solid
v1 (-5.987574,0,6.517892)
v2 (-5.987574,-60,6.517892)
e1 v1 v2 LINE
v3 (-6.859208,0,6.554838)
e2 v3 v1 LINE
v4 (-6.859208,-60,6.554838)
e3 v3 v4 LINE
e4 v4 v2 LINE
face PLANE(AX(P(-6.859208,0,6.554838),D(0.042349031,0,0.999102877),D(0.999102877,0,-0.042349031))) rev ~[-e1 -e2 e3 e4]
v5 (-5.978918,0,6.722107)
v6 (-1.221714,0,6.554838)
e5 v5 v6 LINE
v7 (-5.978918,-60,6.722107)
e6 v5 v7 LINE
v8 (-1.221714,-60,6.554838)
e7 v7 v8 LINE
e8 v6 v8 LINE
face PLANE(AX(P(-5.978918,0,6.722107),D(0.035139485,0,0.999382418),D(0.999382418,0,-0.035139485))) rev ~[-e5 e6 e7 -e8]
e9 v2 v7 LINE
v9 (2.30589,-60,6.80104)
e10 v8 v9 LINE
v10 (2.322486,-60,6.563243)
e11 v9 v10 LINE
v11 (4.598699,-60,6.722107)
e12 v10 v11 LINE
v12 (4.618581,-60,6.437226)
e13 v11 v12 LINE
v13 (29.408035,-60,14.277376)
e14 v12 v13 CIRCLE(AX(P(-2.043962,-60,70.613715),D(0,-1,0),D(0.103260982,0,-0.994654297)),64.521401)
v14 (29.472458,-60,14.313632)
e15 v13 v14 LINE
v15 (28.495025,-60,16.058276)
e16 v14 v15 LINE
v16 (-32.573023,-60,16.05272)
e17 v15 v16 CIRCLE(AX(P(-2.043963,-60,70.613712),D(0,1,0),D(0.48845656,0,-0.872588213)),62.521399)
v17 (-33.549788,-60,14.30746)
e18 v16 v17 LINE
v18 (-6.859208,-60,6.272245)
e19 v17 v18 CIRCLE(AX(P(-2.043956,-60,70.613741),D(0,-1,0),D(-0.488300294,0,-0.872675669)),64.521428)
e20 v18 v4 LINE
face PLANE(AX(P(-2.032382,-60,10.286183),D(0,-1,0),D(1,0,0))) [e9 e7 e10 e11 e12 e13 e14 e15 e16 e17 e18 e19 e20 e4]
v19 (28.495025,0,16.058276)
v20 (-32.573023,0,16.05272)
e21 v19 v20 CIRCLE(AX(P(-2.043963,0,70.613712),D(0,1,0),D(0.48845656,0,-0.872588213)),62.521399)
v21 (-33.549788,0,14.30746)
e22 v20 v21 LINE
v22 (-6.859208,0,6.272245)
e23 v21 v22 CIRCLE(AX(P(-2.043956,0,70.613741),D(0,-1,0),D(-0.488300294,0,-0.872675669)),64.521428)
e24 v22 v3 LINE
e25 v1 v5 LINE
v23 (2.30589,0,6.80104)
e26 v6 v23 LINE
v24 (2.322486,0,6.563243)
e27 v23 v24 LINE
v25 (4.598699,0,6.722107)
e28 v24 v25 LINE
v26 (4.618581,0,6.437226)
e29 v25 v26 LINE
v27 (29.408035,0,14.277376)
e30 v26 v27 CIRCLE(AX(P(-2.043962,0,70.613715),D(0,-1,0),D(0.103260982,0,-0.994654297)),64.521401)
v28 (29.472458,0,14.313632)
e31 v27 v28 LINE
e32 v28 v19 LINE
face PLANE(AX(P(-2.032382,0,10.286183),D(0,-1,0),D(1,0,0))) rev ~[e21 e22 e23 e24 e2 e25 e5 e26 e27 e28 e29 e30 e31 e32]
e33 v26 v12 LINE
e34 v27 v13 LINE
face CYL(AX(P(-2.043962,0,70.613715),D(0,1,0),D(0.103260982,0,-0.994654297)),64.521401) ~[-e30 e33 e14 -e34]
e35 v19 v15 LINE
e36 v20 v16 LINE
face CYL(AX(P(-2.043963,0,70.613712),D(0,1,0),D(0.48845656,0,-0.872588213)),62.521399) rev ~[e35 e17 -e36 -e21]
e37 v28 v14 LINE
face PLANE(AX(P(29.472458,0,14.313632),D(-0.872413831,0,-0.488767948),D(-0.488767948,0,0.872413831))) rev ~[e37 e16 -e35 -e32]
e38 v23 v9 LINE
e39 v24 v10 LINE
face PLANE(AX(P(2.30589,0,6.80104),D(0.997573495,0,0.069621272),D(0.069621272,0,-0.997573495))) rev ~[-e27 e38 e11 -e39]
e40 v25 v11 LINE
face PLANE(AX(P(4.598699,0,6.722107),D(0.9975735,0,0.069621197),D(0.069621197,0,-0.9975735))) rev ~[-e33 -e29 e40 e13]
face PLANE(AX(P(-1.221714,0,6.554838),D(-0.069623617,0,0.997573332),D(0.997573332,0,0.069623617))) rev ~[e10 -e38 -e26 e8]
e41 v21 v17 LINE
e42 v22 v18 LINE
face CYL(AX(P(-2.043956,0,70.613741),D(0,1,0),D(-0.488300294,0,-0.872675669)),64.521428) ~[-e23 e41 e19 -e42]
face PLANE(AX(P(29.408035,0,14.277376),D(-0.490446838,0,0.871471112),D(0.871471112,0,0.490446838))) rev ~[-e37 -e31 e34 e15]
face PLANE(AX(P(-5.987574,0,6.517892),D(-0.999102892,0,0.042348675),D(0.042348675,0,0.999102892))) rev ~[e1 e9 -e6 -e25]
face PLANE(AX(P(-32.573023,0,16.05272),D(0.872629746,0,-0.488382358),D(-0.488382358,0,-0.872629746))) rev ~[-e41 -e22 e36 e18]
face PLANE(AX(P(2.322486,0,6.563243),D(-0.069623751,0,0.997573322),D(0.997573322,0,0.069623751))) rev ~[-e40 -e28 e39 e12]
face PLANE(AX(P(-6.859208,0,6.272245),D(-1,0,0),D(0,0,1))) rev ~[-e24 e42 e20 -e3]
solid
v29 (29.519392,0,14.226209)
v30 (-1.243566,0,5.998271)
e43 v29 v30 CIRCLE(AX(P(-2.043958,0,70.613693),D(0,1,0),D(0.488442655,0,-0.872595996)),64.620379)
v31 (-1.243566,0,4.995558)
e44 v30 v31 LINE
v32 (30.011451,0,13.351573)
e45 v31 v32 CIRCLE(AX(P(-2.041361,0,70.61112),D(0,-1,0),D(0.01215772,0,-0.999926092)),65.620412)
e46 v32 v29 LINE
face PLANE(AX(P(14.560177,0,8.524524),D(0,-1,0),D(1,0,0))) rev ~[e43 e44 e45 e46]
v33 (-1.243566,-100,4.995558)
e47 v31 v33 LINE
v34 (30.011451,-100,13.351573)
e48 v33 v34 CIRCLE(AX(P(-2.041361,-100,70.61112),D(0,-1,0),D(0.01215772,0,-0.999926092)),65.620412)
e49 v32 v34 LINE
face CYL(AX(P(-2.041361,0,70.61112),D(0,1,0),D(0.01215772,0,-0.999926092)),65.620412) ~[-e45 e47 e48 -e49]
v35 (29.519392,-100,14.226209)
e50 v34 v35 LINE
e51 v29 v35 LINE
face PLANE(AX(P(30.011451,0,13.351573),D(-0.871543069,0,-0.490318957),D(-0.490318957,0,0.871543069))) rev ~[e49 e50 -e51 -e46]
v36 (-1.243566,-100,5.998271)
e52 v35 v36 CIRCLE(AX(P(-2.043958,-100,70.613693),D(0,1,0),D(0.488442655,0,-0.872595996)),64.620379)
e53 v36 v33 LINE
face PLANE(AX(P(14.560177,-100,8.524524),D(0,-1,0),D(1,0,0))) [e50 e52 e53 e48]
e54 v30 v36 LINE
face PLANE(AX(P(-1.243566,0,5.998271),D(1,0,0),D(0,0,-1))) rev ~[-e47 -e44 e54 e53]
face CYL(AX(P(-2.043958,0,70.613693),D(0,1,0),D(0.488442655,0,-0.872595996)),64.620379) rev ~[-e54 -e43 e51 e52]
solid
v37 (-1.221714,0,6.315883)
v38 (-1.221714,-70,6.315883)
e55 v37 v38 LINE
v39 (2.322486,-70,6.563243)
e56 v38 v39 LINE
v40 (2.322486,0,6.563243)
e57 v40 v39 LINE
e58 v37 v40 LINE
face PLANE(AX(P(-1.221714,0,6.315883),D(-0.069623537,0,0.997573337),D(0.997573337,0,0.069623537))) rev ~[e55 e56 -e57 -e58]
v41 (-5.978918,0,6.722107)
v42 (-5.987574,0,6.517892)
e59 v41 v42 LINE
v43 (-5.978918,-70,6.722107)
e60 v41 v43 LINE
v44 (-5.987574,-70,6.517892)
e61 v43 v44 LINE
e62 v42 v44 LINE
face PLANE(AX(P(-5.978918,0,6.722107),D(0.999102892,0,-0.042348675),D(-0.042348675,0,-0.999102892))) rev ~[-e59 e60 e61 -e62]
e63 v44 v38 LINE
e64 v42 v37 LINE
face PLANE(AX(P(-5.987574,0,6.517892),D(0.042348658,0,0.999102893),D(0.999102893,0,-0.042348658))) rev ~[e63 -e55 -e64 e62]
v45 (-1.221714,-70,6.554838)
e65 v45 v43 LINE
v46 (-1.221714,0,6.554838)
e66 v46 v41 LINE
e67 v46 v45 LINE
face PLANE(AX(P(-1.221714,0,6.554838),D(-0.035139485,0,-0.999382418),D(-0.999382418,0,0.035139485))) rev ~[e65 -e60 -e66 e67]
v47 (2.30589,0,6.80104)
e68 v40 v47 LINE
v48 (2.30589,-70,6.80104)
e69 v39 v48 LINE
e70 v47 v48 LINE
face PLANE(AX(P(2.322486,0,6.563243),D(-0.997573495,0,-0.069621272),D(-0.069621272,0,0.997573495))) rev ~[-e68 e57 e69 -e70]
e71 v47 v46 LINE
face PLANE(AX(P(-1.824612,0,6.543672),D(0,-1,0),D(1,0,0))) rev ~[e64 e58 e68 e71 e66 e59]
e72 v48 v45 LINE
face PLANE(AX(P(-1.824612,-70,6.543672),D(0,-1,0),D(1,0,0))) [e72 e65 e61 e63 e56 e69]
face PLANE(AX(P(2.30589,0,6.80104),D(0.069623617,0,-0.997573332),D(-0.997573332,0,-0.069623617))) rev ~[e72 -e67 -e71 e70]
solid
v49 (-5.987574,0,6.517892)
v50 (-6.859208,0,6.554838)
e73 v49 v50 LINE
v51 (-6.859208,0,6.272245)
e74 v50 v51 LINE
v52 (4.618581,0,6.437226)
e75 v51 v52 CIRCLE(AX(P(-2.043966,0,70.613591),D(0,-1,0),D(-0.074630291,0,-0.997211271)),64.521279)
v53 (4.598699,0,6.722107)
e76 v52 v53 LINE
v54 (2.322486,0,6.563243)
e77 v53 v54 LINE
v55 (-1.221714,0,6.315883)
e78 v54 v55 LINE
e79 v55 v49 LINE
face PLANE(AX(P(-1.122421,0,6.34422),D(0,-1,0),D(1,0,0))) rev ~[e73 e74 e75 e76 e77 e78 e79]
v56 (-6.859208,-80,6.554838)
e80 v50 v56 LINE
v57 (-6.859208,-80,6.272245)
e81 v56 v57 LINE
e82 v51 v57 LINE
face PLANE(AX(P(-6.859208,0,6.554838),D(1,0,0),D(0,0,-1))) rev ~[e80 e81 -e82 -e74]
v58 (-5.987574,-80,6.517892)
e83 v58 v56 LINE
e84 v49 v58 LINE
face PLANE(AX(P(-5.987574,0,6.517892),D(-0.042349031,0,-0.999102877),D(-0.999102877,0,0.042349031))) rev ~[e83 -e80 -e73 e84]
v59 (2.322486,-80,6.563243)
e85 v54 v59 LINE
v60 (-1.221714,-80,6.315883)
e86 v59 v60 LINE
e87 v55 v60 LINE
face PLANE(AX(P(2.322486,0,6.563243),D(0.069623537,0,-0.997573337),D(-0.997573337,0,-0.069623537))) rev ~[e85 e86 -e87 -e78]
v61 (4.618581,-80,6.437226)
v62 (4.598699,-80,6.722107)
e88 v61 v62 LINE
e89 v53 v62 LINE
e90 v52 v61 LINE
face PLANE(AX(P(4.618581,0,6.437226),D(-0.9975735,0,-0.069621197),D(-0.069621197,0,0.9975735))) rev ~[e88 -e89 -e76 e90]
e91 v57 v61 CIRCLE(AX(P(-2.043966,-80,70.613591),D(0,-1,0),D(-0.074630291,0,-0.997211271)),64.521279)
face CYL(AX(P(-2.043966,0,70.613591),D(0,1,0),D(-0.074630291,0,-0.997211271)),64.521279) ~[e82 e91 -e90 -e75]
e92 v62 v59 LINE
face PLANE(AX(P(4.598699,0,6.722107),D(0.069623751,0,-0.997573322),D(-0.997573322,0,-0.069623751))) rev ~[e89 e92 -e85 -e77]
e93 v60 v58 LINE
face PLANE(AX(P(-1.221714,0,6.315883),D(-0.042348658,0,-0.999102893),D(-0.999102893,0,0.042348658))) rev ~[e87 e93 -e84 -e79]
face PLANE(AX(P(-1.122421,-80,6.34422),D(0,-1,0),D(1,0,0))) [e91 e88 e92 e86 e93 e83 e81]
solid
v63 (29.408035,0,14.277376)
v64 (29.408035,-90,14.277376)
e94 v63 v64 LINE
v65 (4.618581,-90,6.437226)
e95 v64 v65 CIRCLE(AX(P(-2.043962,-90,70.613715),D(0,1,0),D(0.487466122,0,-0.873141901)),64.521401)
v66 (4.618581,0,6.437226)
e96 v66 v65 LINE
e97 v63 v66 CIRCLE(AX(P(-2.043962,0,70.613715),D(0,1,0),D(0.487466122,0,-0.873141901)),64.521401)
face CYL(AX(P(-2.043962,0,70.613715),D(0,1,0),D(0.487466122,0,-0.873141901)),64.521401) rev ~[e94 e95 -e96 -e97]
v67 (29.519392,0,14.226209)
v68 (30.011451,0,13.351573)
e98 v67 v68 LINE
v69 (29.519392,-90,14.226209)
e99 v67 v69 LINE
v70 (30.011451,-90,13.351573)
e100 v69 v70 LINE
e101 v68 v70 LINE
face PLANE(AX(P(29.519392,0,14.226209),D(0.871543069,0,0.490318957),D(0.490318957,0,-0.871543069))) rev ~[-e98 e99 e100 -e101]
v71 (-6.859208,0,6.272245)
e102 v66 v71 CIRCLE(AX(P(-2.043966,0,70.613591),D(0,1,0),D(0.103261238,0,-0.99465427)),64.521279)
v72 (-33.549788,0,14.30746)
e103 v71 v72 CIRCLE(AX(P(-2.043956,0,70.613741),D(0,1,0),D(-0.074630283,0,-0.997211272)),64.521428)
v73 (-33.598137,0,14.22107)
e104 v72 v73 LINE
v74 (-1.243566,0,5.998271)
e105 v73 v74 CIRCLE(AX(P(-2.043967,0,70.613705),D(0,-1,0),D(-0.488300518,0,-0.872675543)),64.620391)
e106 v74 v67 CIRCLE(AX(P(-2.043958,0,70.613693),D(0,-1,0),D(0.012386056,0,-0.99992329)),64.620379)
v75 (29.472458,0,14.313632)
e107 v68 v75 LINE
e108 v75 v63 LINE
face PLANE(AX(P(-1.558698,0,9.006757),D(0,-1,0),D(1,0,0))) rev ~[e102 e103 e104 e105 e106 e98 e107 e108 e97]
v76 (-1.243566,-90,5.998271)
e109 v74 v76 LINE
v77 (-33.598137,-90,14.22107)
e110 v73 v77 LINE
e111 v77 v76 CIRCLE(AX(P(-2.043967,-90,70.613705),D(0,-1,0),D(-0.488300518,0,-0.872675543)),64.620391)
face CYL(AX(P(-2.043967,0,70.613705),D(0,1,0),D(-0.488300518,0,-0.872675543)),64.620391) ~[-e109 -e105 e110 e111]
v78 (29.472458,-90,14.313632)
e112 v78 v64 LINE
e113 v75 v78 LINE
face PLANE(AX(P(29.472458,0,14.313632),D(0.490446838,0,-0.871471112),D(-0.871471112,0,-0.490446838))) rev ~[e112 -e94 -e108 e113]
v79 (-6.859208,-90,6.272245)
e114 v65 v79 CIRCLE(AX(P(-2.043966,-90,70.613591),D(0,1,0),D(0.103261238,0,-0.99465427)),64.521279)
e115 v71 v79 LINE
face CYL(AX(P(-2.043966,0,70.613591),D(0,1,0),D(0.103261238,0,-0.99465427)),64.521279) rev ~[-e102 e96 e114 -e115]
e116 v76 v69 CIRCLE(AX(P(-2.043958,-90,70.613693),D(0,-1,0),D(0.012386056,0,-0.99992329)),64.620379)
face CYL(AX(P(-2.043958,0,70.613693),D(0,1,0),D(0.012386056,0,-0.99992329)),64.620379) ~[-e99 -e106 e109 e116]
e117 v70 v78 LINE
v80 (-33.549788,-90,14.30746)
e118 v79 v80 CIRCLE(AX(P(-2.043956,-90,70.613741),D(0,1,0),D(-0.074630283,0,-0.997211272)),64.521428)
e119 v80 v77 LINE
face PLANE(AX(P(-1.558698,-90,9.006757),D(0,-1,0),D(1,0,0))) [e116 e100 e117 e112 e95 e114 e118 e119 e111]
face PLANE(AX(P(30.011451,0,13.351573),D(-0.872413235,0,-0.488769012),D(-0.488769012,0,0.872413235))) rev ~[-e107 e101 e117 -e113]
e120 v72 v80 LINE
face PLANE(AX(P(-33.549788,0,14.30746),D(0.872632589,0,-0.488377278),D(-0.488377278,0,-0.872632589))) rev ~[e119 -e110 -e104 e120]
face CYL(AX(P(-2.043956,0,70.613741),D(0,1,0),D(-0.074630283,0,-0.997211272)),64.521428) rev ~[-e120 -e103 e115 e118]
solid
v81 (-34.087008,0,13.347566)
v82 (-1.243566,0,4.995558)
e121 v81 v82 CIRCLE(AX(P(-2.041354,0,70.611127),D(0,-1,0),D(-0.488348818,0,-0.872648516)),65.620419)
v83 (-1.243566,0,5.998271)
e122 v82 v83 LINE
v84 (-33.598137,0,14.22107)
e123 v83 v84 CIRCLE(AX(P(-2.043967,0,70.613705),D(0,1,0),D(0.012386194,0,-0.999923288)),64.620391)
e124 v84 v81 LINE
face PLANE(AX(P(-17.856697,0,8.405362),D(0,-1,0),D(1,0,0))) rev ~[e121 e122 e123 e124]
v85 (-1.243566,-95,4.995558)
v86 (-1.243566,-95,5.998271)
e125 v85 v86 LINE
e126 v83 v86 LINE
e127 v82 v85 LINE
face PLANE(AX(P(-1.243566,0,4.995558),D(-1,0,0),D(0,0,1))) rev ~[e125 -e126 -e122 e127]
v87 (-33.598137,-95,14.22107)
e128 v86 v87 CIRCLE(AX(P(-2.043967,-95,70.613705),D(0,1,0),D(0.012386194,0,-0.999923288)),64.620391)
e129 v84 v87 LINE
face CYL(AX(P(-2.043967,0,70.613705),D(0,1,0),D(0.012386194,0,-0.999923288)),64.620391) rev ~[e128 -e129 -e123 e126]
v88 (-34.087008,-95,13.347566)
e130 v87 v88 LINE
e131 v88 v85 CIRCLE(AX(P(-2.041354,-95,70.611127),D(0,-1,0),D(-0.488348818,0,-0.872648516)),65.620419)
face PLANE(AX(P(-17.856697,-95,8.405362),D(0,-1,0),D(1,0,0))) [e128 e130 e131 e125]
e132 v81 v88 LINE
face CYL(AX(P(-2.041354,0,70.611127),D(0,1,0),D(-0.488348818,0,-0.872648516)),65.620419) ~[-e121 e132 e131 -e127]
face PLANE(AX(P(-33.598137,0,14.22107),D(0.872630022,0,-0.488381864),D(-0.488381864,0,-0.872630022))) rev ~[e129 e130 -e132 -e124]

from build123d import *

# Parameters (mm, degrees)
F1_DEPTH = 100
F2_DEPTH = 95
F3_DEPTH = 90
F4_DEPTH = 80
F5_DEPTH = 70
F6_DEPTH = 60


with BuildPart() as f1:
    # F0 (on Front) → F1 (new body)
    with BuildSketch(Plane.XZ):
        with BuildLine():
            ThreePointArc((29.519392, 14.226209), (14.652679, 8.187611), (-1.243566, 5.998271))
            Line((-1.243566, 5.998271), (-1.243566, 4.995558))
            ThreePointArc((-1.243566, 4.995558), (14.906982, 7.217176), (30.011451, 13.351573))
            Line((30.011451, 13.351573), (29.519392, 14.226209))
        make_face()
    extrude(amount=F1_DEPTH)


with BuildPart() as f2:
    # F0 (on Front) → F2 (new body)
    with BuildSketch(Plane.XZ):
        with BuildLine():
            Line((-1.243566, 4.995558), (-1.243566, 5.998271))
            ThreePointArc((-1.243566, 5.998271), (-17.961008, 7.984297), (-33.598137, 14.22107))
            Line((-33.598137, 14.22107), (-34.087008, 13.347566))
            ThreePointArc((-34.087008, 13.347566), (-18.213747, 7.014798), (-1.243566, 4.995558))
        make_face()
    extrude(amount=F2_DEPTH)


with BuildPart() as f3:
    # F0 (on Front) → F3 (new body)
    with BuildSketch(Plane.XZ):
        with BuildLine():
            ThreePointArc((-33.598137, 14.22107), (-17.961008, 7.984297), (-1.243566, 5.998271))
            ThreePointArc((-1.243566, 5.998271), (14.652679, 8.187611), (29.519392, 14.226209))
            Line((29.519392, 14.226209), (30.011451, 13.351573))
            Line((30.011451, 13.351573), (29.472458, 14.313632))
            Line((29.472458, 14.313632), (29.408035, 14.277376))
            ThreePointArc((29.408035, 14.277376), (17.41231, 9.095712), (4.618581, 6.437226))
            ThreePointArc((4.618581, 6.437226), (-1.116637, 6.098977), (-6.859208, 6.272245))
            ThreePointArc((-6.859208, 6.272245), (-20.643592, 8.831314), (-33.549788, 14.30746))
            Line((-33.549788, 14.30746), (-33.598137, 14.22107))
        make_face()
    extrude(amount=F3_DEPTH)


with BuildPart() as f4:
    # F0 (on Front) → F4 (new body)
    with BuildSketch(Plane.XZ):
        with BuildLine():
            Line((-6.859208, 6.554838), (-6.859208, 6.272245))
            ThreePointArc((-6.859208, 6.272245), (-1.116637, 6.098977), (4.618581, 6.437226))
            Line((4.618581, 6.437226), (4.598699, 6.722107))
            Line((4.598699, 6.722107), (2.322486, 6.563243))
            Line((2.322486, 6.563243), (-1.221714, 6.315883))
            Line((-1.221714, 6.315883), (-5.987574, 6.517892))
            Line((-5.987574, 6.517892), (-6.859208, 6.554838))
        make_face()
    extrude(amount=F4_DEPTH)


with BuildPart() as f5:
    # F0 (on Front) → F5 (new body)
    with BuildSketch(Plane.XZ):
        Polygon((-5.978918, 6.722107), (-5.987574, 6.517892), (-1.221714, 6.315883), (2.322486, 6.563243), (2.30589, 6.80104), (-1.221714, 6.554838), align=None)
    extrude(amount=F5_DEPTH)


with BuildPart() as f6:
    # F0 (on Front) → F6 (new body)
    with BuildSketch(Plane.XZ):
        with BuildLine():
            Line((-32.573023, 16.05272), (-33.549788, 14.30746))
            ThreePointArc((-33.549788, 14.30746), (-20.643592, 8.831314), (-6.859208, 6.272245))
            Line((-6.859208, 6.272245), (-6.859208, 6.554838))
            Line((-6.859208, 6.554838), (-5.987574, 6.517892))
            Line((-5.987574, 6.517892), (-5.978918, 6.722107))
            Line((-5.978918, 6.722107), (-1.221714, 6.554838))
            Line((-1.221714, 6.554838), (2.30589, 6.80104))
            Line((2.30589, 6.80104), (2.322486, 6.563243))
            Line((2.322486, 6.563243), (4.598699, 6.722107))
            Line((4.598699, 6.722107), (4.618581, 6.437226))
            ThreePointArc((4.618581, 6.437226), (17.41231, 9.095712), (29.408035, 14.277376))
            Line((29.408035, 14.277376), (29.472458, 14.313632))
            Line((29.472458, 14.313632), (28.495025, 16.058276))
            ThreePointArc((28.495025, 16.058276), (-2.038275, 8.092313), (-32.573023, 16.05272))
        make_face()
    extrude(amount=F6_DEPTH)


solid = Compound([f1.part, f2.part, f3.part, f4.part, f5.part, f6.part])
